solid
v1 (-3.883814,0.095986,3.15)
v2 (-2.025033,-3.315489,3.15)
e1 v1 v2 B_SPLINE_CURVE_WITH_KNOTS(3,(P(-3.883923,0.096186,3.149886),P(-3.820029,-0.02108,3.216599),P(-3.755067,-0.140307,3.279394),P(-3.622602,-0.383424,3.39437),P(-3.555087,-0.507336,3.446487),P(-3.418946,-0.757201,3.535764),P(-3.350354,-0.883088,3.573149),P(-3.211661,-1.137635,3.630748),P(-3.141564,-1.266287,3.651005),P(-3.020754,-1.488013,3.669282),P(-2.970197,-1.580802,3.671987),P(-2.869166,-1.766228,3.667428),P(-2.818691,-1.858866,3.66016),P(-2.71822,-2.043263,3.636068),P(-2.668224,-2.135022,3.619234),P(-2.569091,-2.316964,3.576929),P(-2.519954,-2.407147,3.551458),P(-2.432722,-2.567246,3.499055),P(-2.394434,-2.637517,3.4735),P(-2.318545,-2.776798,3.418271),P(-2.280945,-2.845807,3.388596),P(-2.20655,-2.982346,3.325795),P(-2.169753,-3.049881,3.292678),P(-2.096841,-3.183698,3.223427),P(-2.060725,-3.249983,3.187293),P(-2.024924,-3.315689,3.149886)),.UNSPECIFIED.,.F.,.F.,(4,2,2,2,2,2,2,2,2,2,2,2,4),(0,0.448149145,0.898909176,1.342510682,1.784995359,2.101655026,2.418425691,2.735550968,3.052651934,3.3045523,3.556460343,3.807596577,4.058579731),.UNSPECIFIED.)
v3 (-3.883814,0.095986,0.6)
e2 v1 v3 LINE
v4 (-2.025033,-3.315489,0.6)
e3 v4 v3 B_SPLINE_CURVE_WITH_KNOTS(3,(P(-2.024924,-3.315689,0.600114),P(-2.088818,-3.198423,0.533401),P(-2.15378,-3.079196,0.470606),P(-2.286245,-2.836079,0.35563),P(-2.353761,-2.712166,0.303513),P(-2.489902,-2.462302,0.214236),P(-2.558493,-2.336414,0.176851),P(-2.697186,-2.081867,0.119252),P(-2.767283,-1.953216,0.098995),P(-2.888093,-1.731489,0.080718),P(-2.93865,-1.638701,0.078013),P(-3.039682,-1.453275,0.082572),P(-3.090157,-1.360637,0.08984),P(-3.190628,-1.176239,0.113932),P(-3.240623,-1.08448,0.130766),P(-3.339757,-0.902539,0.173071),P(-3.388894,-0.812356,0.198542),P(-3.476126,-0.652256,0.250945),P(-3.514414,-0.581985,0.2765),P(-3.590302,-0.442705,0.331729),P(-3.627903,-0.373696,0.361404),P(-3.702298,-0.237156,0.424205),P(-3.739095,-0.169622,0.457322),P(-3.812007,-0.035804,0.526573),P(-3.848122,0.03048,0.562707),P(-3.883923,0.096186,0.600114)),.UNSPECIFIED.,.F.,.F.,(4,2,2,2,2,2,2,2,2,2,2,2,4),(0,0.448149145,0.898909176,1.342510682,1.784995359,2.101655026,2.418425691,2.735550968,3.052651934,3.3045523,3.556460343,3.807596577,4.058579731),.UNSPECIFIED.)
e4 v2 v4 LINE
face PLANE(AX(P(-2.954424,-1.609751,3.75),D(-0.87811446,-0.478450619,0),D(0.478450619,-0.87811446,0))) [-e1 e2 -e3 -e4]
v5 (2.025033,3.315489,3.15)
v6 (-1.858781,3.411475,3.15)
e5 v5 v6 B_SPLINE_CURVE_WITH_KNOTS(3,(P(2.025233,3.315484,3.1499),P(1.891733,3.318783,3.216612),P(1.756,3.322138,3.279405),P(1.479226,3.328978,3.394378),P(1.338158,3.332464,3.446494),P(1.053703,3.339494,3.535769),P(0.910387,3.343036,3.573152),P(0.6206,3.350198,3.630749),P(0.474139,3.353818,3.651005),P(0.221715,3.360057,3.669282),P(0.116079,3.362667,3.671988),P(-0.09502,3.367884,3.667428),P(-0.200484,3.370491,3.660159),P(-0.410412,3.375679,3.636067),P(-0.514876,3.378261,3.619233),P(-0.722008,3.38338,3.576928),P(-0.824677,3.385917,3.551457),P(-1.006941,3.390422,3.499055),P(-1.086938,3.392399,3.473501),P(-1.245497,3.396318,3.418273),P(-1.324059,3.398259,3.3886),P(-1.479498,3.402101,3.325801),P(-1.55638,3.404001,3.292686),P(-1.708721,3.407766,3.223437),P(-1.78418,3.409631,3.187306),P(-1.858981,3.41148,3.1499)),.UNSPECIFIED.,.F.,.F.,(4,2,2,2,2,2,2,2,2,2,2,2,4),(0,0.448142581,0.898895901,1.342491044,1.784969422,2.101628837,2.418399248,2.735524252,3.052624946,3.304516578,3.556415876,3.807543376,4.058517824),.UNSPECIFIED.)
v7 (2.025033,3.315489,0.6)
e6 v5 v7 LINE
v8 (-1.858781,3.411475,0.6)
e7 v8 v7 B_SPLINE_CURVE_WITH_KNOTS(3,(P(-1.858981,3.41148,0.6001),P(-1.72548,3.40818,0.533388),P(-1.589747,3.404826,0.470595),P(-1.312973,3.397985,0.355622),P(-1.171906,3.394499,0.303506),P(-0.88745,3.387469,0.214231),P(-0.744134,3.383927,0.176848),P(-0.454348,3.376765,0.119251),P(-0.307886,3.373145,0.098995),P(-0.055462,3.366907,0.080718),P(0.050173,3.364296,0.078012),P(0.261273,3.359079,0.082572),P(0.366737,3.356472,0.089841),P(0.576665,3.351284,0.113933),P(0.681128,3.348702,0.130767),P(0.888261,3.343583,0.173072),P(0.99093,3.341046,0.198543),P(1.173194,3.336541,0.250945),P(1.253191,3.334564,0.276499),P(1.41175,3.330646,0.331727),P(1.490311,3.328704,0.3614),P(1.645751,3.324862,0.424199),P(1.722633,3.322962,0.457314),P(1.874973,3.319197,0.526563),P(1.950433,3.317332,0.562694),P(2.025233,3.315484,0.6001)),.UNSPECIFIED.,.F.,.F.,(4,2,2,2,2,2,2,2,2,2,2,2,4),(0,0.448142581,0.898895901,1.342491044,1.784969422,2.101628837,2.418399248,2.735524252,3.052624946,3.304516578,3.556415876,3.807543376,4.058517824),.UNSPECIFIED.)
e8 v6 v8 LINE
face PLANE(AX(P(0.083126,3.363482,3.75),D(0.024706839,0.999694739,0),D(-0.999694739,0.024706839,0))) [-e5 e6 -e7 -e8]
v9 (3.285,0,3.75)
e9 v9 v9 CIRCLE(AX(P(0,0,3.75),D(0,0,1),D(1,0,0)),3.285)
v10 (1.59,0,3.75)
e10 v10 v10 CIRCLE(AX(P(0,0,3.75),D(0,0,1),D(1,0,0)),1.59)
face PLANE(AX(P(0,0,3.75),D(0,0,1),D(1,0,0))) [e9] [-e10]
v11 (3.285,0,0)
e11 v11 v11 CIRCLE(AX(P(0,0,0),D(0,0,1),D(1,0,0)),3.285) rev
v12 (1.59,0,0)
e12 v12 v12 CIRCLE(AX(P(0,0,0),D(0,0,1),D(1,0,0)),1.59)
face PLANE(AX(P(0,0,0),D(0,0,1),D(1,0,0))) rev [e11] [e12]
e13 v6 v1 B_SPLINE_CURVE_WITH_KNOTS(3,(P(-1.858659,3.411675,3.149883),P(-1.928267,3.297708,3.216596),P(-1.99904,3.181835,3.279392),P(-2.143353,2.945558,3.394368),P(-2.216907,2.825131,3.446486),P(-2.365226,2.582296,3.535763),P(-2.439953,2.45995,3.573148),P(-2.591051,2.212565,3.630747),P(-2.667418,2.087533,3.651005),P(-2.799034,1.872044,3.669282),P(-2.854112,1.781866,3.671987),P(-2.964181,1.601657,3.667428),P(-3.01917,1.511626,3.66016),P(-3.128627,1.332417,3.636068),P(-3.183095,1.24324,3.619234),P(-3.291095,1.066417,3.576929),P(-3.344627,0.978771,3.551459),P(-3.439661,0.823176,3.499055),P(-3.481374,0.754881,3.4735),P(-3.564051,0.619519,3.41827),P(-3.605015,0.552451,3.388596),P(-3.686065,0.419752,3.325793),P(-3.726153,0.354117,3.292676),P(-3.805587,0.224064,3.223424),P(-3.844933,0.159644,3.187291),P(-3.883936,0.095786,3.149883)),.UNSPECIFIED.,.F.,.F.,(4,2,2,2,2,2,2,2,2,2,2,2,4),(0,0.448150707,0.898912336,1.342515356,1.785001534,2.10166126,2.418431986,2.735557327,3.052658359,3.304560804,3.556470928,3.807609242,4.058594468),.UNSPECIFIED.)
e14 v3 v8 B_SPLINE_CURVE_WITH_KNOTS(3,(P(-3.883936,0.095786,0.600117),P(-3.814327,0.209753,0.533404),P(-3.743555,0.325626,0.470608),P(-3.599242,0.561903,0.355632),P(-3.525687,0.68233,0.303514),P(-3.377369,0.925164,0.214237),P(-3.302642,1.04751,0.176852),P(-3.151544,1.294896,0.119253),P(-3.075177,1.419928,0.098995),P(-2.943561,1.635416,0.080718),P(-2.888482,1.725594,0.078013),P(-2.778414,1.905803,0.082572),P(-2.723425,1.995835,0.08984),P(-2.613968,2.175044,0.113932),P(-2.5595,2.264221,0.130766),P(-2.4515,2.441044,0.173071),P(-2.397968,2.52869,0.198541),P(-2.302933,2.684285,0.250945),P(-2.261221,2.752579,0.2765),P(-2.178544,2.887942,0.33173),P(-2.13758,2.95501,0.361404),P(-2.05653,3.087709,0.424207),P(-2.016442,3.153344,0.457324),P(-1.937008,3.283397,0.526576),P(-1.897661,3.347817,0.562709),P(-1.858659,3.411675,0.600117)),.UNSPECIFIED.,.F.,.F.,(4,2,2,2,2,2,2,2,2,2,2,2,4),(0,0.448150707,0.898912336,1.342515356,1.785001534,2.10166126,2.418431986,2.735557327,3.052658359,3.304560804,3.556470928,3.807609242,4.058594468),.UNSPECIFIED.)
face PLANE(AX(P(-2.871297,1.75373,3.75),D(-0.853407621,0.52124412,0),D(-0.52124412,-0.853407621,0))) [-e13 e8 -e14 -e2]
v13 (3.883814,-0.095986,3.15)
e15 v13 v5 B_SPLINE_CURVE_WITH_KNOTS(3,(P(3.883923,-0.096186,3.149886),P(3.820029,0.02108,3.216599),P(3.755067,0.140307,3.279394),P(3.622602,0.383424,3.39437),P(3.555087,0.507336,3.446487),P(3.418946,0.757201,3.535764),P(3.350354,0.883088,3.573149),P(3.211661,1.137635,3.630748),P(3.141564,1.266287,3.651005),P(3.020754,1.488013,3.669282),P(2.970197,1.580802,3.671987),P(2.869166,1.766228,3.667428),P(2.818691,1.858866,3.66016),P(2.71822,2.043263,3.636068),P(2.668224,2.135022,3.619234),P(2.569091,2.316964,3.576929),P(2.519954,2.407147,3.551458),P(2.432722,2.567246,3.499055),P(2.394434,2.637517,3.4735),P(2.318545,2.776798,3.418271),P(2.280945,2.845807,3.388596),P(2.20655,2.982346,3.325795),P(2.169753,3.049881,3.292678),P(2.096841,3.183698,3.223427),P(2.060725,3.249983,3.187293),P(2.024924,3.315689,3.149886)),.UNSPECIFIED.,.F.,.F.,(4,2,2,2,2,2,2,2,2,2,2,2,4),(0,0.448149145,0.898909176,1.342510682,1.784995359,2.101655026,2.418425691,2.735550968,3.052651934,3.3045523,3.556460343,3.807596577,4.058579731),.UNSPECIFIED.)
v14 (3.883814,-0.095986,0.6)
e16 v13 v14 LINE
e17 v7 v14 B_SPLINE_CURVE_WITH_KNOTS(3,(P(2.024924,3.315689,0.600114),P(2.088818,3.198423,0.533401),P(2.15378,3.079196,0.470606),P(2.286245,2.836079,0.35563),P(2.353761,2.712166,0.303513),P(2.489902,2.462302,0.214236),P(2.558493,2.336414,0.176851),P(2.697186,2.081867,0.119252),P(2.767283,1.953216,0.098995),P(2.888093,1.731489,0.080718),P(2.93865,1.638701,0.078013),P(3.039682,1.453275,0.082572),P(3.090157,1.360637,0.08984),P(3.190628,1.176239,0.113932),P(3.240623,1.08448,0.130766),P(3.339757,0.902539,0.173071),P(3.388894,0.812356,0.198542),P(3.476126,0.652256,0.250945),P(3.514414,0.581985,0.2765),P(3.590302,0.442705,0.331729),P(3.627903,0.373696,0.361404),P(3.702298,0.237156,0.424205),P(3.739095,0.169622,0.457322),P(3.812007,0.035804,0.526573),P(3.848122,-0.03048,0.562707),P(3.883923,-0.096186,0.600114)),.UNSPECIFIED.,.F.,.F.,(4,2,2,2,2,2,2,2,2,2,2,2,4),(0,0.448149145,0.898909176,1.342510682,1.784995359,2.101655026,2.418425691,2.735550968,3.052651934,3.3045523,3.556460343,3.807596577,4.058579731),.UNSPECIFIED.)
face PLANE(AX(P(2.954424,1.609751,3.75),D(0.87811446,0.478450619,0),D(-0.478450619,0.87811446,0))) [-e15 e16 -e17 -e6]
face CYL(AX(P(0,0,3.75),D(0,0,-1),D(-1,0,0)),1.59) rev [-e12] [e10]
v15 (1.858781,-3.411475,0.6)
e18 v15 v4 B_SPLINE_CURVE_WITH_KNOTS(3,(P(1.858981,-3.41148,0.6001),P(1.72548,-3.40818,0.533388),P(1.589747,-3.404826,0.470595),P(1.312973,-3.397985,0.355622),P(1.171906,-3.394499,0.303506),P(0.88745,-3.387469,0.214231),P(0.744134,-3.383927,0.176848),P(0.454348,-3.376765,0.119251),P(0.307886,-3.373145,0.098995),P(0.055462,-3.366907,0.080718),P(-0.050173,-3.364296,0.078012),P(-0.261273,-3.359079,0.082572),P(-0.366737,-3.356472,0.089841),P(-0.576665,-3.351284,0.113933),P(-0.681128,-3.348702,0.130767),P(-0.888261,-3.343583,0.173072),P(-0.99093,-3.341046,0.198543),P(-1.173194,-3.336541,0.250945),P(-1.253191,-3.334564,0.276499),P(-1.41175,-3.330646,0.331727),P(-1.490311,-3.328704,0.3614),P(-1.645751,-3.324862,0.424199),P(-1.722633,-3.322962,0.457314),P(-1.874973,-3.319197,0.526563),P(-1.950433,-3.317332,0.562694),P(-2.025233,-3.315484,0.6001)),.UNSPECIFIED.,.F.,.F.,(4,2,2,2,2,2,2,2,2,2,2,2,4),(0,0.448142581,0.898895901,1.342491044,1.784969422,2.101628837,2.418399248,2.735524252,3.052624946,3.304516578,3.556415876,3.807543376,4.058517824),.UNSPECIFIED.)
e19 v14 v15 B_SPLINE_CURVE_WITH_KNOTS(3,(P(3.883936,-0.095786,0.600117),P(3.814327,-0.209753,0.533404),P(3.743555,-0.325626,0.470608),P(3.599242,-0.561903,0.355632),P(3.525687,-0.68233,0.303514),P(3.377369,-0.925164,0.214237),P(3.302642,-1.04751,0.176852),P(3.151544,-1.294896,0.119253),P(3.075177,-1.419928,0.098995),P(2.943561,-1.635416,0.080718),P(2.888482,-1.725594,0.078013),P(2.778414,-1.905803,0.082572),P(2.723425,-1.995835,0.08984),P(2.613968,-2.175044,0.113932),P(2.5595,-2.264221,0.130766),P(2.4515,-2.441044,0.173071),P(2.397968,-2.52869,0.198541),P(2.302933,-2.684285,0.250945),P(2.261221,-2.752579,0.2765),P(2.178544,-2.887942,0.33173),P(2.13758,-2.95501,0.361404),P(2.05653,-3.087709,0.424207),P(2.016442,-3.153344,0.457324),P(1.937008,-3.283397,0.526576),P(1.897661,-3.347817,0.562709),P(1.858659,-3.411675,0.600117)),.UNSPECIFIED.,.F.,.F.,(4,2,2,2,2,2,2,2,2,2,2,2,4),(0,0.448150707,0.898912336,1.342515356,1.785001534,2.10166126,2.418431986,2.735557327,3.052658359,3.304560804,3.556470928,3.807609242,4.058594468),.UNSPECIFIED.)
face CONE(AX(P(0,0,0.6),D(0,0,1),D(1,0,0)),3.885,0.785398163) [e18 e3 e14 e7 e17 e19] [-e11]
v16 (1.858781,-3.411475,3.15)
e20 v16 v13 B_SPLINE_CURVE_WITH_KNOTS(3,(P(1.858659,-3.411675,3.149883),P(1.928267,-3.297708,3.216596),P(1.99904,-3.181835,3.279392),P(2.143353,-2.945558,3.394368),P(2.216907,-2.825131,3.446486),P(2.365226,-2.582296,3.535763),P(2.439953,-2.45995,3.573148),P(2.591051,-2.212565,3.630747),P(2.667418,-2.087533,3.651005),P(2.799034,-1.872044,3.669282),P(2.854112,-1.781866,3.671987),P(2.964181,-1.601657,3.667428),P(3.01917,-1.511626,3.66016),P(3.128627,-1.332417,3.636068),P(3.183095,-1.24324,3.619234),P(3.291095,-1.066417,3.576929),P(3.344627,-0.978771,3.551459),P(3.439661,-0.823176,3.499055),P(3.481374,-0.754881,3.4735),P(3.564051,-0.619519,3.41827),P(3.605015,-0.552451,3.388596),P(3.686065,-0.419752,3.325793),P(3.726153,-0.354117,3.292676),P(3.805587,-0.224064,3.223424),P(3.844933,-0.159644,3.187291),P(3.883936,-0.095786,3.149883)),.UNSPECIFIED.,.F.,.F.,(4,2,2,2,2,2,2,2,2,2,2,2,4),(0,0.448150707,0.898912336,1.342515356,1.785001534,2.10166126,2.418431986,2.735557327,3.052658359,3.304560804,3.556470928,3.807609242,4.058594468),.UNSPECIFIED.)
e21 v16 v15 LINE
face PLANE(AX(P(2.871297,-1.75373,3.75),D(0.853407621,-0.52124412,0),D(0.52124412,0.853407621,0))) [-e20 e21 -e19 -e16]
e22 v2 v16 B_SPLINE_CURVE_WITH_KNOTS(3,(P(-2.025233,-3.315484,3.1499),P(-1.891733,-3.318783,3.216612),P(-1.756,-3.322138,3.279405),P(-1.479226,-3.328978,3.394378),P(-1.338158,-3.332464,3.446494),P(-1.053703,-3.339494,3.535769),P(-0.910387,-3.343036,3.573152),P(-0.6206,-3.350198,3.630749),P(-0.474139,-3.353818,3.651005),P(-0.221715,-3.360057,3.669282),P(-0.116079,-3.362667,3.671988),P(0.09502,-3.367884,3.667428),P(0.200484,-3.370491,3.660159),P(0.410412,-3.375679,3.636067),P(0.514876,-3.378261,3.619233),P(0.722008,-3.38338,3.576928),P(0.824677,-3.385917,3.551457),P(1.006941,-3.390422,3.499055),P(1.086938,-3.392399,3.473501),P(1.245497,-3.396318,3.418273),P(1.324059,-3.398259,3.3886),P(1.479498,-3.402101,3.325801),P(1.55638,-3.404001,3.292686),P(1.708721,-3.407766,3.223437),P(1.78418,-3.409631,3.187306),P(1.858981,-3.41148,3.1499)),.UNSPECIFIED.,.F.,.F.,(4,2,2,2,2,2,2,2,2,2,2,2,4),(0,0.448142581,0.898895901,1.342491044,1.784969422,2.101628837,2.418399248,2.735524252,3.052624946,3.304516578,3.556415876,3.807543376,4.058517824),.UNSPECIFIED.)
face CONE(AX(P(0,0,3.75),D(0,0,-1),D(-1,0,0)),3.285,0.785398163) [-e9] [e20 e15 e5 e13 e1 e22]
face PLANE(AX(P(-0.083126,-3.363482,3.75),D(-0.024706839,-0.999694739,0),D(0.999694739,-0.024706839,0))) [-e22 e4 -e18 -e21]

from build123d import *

# Parameters (mm, degrees)
SKETCH1_R           = 3.885
SKETCH1_R_2         = 1.59
BOSS_EXTRUDE1_DEPTH = 3.75
CHAMFER1_SIZE       = 0.6
CUT_EXTRUDE1_DEPTH  = 3.75


with BuildPart() as part:
    # Sketch1 → Boss-Extrude1 (new body)
    with BuildSketch(Plane.XY):
        Circle(SKETCH1_R)
        Circle(SKETCH1_R_2, mode=Mode.SUBTRACT)
    extrude(amount=BOSS_EXTRUDE1_DEPTH)

    # Chamfer1
    chamfer1_edges = [part.edges().sort_by_distance(p)[0] for p in [
        (-3.885, 0, 0),
        (-3.885, 0, 3.75),
    ]]
    chamfer(chamfer1_edges, length=CHAMFER1_SIZE)

    # Sketch2 → Cut-Extrude1 (cut)
    with BuildSketch(Plane(origin=(0, 0, 0), x_dir=(-1, 0, 0), z_dir=(0, 0, -1))):
        with BuildLine():
            Line((-3.883814063, -0.09598607), (-2.025033407, 3.315488607))
            ThreePointArc((-2.025033407, 3.315488607), (-3.411474677, 1.858780656), (-3.883814063, -0.09598607))
        make_face()
        with BuildLine():
            Line((-1.858780656, -3.411474677), (-3.883814063, -0.09598607))
            ThreePointArc((-3.883814063, -0.09598607), (-3.315488607, -2.025033407), (-1.858780656, -3.411474677))
        make_face()
        with BuildLine():
            ThreePointArc((-1.858780656, -3.411474677), (0.09598607, -3.883814063), (2.025033407, -3.315488607))
            Line((2.025033407, -3.315488607), (-1.858780656, -3.411474677))
        make_face()
        with BuildLine():
            ThreePointArc((3.885, 0), (3.884703504, 0.047996698), (3.883814063, 0.09598607))
            Line((3.883814063, 0.09598607), (2.025033407, -3.315488607))
            ThreePointArc((2.025033407, -3.315488607), (3.38825027, -1.900785392), (3.885, 0))
        make_face()
        with BuildLine():
            ThreePointArc((3.883814063, 0.09598607), (3.315488607, 2.025033407), (1.858780656, 3.411474677))
            Line((1.858780656, 3.411474677), (3.883814063, 0.09598607))
        make_face()
        with BuildLine():
            Line((-2.025033407, 3.315488607), (1.858780656, 3.411474677))
            ThreePointArc((1.858780656, 3.411474677), (-0.09598607, 3.883814063), (-2.025033407, 3.315488607))
        make_face()
    extrude(amount=-CUT_EXTRUDE1_DEPTH, mode=Mode.SUBTRACT)


solid = part.part
